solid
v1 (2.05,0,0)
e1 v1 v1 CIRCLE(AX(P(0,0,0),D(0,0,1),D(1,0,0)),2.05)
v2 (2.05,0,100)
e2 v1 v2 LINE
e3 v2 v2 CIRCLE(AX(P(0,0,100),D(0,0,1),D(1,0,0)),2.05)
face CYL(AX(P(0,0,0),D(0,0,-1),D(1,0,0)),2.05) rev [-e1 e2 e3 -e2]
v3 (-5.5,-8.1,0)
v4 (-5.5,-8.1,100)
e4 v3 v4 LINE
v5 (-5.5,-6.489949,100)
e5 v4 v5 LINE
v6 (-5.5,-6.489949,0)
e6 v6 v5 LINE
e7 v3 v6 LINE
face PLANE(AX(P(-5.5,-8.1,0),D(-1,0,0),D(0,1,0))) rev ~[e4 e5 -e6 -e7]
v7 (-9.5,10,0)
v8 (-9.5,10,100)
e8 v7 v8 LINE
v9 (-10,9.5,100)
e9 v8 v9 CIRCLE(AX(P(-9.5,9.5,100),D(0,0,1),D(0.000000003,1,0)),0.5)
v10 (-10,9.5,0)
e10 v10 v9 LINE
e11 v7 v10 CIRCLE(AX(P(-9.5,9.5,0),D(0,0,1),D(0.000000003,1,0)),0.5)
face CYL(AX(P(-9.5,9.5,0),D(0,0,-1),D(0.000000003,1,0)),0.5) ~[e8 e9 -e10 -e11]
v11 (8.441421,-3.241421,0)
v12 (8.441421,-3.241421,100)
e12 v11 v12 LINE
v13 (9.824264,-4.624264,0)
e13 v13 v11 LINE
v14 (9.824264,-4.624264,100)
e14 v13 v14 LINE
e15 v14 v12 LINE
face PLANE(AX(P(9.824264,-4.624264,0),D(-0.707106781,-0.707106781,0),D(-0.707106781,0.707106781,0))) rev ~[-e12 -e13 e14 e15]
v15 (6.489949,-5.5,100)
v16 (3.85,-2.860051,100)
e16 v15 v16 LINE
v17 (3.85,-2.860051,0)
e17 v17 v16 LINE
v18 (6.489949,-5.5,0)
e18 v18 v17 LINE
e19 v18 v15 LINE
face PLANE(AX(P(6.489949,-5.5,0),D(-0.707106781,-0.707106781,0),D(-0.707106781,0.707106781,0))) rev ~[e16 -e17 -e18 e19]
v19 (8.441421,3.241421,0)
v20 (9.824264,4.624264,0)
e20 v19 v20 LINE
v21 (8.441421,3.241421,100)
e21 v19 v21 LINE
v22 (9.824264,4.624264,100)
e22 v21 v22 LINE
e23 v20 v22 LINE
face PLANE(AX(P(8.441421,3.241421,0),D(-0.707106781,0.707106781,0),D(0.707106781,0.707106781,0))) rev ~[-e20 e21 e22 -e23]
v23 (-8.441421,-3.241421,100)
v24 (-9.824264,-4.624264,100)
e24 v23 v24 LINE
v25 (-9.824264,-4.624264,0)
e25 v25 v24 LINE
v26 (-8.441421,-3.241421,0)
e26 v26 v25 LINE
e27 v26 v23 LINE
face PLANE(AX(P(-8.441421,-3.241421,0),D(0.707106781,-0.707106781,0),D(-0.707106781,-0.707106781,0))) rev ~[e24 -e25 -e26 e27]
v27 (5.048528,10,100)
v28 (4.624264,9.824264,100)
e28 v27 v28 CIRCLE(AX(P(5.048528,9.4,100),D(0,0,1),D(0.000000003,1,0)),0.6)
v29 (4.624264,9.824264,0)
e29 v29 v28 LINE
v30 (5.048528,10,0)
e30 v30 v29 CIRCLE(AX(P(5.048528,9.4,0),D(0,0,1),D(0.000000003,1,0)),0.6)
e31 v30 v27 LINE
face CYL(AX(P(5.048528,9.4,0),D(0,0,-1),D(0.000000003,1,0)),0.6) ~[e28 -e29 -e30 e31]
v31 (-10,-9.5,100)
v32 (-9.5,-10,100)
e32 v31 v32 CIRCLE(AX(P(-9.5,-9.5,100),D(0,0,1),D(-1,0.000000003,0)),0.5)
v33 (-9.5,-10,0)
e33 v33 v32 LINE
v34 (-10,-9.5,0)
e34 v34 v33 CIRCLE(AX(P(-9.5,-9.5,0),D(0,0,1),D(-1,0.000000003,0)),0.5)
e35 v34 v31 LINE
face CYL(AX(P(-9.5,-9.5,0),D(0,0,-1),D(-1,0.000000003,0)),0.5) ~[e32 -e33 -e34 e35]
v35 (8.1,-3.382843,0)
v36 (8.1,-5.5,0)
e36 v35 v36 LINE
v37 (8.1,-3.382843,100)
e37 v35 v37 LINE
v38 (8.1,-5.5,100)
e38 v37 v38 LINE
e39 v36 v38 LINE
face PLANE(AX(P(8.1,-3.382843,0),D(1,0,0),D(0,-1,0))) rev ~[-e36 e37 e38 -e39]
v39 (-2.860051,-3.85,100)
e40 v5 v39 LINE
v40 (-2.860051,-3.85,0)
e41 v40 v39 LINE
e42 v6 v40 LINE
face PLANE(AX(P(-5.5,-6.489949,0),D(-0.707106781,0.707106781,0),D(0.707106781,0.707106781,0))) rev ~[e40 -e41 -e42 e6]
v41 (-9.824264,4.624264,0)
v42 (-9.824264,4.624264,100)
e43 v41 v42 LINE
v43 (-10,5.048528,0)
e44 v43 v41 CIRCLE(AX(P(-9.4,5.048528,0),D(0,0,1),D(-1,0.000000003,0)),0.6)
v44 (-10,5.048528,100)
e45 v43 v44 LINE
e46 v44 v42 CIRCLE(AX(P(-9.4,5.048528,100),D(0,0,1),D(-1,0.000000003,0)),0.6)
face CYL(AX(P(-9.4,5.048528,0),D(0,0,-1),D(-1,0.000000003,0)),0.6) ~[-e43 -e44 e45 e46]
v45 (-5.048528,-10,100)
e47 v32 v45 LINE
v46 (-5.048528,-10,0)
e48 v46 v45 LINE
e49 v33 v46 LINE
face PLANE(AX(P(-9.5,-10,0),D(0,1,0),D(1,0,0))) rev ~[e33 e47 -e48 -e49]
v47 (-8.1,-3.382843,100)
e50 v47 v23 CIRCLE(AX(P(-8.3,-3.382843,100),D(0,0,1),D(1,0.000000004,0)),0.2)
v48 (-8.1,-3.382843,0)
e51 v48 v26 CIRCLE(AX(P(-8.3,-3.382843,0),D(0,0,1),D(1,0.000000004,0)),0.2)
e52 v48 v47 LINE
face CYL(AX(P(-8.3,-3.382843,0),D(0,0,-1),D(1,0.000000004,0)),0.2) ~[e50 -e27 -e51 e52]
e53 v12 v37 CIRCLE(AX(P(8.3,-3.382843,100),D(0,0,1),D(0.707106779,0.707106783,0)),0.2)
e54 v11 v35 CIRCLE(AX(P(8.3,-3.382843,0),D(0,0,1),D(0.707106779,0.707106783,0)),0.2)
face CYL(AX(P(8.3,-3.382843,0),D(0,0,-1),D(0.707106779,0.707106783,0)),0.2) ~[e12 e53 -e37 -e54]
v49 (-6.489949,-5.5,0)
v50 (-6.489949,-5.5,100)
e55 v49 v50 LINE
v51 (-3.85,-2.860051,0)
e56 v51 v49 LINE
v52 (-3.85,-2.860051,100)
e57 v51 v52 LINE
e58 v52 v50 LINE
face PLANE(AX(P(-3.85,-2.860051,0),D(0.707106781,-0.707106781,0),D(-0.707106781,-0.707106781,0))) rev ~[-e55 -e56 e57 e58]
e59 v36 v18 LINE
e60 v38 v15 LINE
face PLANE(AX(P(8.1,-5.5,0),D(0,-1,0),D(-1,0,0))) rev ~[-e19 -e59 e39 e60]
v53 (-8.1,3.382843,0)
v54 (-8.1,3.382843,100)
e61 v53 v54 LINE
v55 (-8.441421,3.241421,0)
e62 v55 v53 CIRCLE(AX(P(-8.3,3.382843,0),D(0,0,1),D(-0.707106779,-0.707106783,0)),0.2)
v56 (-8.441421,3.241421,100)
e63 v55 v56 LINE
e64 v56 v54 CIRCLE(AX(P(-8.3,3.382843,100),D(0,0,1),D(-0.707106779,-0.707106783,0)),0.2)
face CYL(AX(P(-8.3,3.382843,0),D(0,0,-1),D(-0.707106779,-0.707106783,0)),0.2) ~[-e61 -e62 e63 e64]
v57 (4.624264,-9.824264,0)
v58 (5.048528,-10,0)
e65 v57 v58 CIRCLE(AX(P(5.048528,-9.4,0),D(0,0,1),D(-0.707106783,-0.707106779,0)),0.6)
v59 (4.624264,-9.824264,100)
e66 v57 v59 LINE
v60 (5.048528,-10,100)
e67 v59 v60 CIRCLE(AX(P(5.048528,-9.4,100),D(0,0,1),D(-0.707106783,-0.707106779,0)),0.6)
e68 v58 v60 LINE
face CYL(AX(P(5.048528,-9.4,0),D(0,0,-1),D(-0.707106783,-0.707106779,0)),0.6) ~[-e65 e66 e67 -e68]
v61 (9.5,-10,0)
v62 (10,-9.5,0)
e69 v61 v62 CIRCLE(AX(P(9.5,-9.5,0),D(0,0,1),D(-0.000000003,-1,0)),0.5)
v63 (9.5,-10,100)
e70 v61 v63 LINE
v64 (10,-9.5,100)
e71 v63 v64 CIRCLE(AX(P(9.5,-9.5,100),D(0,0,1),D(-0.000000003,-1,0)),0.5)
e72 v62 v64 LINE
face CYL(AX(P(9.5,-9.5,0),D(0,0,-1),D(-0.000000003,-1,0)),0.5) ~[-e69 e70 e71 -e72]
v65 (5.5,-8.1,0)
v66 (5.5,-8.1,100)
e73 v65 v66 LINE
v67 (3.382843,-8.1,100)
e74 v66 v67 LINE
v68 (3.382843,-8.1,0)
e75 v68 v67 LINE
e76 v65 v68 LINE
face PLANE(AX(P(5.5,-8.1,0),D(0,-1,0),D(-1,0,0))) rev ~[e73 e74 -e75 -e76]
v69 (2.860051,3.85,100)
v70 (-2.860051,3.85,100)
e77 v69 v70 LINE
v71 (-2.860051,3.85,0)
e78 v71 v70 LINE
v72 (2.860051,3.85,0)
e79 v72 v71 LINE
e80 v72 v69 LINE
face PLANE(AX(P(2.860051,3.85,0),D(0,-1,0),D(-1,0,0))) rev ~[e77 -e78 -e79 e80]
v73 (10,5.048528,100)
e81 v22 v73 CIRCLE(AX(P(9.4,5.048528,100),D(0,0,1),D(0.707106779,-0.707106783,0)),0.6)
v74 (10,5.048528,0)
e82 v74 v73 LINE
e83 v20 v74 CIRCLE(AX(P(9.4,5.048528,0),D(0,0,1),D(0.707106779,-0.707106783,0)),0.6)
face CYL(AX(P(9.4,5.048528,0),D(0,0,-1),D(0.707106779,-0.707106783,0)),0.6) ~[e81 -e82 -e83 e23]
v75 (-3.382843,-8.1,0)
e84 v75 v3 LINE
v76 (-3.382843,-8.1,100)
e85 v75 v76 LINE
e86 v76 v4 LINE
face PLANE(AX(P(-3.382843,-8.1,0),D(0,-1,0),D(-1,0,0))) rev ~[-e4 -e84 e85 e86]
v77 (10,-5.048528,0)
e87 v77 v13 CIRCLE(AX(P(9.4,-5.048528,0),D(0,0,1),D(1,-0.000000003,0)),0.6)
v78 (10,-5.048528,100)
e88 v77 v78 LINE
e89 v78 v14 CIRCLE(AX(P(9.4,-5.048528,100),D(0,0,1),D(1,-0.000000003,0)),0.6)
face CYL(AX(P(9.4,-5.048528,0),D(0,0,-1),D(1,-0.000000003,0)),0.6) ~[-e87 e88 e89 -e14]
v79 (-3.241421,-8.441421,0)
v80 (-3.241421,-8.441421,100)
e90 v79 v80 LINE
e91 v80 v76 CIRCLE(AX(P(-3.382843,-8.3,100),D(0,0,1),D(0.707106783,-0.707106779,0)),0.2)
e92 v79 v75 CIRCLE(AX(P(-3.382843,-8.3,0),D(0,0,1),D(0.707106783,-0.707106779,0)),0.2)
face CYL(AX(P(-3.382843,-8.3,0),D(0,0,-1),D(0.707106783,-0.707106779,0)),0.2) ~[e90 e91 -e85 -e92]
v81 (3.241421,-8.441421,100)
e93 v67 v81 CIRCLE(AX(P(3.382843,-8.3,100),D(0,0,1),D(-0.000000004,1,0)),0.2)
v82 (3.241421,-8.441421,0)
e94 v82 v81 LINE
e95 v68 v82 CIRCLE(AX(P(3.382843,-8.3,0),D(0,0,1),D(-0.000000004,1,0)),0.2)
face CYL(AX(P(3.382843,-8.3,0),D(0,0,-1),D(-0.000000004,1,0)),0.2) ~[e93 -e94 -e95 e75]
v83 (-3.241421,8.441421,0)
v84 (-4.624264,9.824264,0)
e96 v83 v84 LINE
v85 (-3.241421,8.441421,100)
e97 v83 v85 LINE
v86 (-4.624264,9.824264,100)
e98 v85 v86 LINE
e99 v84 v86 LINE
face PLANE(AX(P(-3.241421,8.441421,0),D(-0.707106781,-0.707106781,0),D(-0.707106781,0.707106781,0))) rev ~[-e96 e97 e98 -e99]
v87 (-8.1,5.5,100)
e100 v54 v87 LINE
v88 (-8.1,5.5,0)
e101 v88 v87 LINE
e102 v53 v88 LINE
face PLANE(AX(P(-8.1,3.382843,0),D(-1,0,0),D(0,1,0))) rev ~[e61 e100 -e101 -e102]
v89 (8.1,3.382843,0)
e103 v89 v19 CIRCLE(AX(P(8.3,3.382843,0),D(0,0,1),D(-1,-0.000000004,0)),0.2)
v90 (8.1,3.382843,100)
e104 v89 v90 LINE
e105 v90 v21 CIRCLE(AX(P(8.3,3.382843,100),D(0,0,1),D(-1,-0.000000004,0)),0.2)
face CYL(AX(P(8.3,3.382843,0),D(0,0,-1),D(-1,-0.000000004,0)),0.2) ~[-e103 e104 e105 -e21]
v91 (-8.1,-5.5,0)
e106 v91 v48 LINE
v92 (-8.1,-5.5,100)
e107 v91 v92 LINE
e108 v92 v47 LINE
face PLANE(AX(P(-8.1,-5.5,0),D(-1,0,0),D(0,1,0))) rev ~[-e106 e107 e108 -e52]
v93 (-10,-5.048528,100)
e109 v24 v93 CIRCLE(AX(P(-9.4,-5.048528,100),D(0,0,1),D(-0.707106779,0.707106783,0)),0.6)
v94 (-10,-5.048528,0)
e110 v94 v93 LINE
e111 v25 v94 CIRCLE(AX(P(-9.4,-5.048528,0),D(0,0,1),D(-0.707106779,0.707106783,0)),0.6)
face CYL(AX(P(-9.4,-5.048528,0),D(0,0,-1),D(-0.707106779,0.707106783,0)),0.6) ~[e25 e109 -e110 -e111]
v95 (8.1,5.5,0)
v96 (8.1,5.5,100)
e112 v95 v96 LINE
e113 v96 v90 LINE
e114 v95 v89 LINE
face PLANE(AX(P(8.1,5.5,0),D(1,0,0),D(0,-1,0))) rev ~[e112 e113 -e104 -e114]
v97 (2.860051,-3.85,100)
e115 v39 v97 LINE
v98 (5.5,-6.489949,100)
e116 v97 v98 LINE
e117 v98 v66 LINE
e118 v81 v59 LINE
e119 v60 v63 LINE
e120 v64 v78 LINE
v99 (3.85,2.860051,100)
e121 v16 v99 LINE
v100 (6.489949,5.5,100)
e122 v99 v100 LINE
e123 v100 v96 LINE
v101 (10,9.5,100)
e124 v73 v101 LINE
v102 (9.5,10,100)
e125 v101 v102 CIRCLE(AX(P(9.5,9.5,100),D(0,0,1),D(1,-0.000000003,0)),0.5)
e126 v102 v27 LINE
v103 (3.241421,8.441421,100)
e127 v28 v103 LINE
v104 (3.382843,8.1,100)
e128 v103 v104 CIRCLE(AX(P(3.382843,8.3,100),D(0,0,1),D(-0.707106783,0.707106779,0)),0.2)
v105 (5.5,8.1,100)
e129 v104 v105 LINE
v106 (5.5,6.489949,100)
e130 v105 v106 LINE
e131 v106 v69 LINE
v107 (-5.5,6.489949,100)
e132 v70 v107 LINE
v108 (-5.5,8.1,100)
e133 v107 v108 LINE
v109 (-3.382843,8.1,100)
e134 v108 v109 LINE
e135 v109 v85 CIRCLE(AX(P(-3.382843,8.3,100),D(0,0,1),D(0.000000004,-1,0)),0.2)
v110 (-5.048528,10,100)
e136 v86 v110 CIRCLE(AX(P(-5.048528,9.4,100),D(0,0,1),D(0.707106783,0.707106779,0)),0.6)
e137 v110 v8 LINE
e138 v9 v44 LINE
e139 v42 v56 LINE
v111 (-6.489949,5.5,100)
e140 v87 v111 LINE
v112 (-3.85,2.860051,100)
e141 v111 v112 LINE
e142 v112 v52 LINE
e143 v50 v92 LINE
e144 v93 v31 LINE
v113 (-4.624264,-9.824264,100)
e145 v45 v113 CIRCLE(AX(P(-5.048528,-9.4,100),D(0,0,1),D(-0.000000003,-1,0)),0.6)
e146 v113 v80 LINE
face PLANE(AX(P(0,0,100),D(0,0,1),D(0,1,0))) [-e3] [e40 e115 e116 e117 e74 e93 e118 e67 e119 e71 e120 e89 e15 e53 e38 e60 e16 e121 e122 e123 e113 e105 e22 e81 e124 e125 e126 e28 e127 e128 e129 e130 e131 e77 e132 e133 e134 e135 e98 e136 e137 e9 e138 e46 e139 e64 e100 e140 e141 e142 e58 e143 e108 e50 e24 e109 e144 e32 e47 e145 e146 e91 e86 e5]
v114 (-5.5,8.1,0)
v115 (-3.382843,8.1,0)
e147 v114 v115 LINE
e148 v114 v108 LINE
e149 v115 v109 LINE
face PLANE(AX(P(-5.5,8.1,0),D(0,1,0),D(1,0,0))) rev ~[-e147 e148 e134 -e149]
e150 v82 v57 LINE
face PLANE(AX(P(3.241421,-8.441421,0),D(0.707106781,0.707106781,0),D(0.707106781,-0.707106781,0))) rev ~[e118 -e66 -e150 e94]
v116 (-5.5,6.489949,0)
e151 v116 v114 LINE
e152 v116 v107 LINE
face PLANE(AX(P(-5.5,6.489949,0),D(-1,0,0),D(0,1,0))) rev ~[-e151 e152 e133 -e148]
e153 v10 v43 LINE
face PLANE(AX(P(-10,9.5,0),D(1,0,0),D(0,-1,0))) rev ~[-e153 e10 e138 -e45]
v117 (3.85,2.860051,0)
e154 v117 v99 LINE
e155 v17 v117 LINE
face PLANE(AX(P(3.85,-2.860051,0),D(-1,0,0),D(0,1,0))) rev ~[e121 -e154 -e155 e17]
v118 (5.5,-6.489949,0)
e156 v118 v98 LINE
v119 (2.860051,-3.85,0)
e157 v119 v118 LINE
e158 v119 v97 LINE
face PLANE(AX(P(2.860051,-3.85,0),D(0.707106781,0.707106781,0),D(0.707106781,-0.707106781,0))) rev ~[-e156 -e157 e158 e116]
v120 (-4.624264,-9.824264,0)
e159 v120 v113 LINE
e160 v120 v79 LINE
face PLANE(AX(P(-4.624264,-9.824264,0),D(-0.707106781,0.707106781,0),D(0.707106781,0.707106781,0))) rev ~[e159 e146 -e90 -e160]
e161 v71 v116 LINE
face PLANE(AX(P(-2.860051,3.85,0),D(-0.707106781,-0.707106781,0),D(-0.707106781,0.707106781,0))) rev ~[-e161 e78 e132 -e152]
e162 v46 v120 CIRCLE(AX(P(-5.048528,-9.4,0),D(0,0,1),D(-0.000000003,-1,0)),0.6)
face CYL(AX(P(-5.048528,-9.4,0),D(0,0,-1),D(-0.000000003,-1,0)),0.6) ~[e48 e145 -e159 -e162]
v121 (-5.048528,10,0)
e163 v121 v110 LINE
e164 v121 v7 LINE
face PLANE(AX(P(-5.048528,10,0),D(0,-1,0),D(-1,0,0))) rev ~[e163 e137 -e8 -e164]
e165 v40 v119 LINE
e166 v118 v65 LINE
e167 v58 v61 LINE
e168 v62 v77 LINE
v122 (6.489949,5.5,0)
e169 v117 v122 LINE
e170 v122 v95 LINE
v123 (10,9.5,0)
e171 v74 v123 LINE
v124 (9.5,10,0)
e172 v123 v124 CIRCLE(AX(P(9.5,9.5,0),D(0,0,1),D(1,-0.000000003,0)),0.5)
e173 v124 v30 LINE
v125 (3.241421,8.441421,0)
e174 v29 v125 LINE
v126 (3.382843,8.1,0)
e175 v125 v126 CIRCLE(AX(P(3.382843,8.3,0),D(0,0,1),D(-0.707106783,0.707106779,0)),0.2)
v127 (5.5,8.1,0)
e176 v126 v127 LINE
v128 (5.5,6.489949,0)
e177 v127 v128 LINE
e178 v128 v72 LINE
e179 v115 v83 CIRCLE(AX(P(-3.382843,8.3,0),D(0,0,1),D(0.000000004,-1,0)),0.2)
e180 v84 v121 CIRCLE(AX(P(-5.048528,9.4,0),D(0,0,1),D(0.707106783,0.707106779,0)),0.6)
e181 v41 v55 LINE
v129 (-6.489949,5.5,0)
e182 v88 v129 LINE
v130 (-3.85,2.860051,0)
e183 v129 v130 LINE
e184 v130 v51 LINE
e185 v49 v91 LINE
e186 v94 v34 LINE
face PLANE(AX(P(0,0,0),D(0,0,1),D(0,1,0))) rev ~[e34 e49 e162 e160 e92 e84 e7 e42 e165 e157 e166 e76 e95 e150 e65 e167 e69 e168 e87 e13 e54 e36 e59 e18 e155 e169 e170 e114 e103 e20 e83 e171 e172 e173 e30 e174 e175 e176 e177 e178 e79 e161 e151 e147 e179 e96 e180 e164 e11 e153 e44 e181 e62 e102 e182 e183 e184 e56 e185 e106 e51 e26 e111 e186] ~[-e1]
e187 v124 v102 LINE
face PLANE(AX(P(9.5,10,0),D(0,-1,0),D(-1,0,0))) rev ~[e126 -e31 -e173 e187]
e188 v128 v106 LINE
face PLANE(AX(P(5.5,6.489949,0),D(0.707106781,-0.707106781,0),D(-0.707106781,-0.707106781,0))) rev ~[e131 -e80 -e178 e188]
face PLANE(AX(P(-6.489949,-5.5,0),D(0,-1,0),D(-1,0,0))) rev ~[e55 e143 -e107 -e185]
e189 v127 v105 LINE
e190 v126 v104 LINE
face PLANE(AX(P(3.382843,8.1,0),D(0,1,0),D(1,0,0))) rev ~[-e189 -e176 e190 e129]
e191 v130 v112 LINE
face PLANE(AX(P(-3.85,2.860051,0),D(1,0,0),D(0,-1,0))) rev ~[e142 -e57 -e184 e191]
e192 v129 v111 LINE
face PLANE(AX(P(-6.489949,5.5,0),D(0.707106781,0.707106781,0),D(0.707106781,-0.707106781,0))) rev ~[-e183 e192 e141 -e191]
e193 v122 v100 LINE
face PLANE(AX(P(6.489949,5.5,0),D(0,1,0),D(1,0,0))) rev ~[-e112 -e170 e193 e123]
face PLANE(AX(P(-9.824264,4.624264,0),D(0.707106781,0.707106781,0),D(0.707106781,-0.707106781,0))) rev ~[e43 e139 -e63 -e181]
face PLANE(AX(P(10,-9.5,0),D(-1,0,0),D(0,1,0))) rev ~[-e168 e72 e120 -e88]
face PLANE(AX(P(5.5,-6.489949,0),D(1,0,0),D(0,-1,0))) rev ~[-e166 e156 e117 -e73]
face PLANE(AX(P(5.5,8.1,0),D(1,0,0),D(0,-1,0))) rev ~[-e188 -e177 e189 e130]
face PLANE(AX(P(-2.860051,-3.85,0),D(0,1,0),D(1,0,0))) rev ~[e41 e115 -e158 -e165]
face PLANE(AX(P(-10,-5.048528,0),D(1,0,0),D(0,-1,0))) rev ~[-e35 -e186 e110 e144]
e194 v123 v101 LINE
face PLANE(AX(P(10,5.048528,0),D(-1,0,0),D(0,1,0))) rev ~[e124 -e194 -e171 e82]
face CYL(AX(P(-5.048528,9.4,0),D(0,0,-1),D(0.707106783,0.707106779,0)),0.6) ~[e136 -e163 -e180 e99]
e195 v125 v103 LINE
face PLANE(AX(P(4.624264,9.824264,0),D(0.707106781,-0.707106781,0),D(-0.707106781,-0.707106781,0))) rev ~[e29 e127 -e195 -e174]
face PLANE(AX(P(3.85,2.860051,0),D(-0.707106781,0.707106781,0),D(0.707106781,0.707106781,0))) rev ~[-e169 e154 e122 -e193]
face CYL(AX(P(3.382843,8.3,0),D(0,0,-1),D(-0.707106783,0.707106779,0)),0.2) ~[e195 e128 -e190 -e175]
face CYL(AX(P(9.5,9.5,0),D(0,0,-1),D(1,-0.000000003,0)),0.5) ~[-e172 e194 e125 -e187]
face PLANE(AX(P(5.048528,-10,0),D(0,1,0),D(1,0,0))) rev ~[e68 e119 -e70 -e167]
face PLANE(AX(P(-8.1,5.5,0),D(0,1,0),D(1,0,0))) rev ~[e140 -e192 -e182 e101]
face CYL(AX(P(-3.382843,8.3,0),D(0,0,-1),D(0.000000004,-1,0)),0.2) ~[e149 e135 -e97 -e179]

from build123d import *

# Parameters (mm, degrees)
SKETCH1_R           = 2.05
BOSS_EXTRUDE1_DEPTH = 100


with BuildPart() as part:
    # Sketch1 → Boss-Extrude1 (new body)
    with BuildSketch(Plane(origin=(0, 0, 0), x_dir=(0, 1, 0), z_dir=(0, 0, 1))):
        with BuildLine():
            Line((-2.860050506, -3.85), (2.860050506, -3.85))
            Line((2.860050506, -3.85), (5.5, -6.489949494))
            Line((5.5, -6.489949494), (5.5, -8.1))
            Line((5.5, -8.1), (3.382842712, -8.1))
            ThreePointArc((3.382842712, -8.1), (3.198066806, -8.223463314), (3.241421356, -8.441421356))
            Line((3.241421356, -8.441421356), (4.624264069, -9.824264069))
            ThreePointArc((4.624264069, -9.824264069), (4.818918078, -9.95432772), (5.048528137, -10))
            Line((5.048528137, -10), (9.5, -10))
            ThreePointArc((9.5, -10), (9.853553391, -9.853553391), (10, -9.5))
            Line((10, -9.5), (10, -5.048528137))
            ThreePointArc((10, -5.048528137), (9.95432772, -4.818918078), (9.824264069, -4.624264069))
            Line((9.824264069, -4.624264069), (8.441421356, -3.241421356))
            ThreePointArc((8.441421356, -3.241421356), (8.223463314, -3.198066806), (8.1, -3.382842712))
            Line((8.1, -3.382842712), (8.1, -5.5))
            Line((8.1, -5.5), (6.489949494, -5.5))
            Line((6.489949494, -5.5), (3.85, -2.860050506))
            Line((3.85, -2.860050506), (3.85, 2.860050506))
            Line((3.85, 2.860050506), (6.489949494, 5.5))
            Line((6.489949494, 5.5), (8.1, 5.5))
            Line((8.1, 5.5), (8.1, 3.382842712))
            ThreePointArc((8.1, 3.382842712), (8.223463314, 3.198066806), (8.441421356, 3.241421356))
            Line((8.441421356, 3.241421356), (9.824264069, 4.624264069))
            ThreePointArc((9.824264069, 4.624264069), (9.95432772, 4.818918078), (10, 5.048528137))
            Line((10, 5.048528137), (10, 9.5))
            ThreePointArc((10, 9.5), (9.853553391, 9.853553391), (9.5, 10))
            Line((9.5, 10), (5.048528137, 10))
            ThreePointArc((5.048528137, 10), (4.818918078, 9.95432772), (4.624264069, 9.824264069))
            Line((4.624264069, 9.824264069), (3.241421356, 8.441421356))
            ThreePointArc((3.241421356, 8.441421356), (3.198066806, 8.223463314), (3.382842712, 8.1))
            Line((3.382842712, 8.1), (5.5, 8.1))
            Line((5.5, 8.1), (5.5, 6.489949494))
            Line((5.5, 6.489949494), (2.860050506, 3.85))
            Line((2.860050506, 3.85), (-2.860050506, 3.85))
            Line((-2.860050506, 3.85), (-5.5, 6.489949494))
            Line((-5.5, 6.489949494), (-5.5, 8.1))
            Line((-5.5, 8.1), (-3.382842712, 8.1))
            ThreePointArc((-3.382842712, 8.1), (-3.198066806, 8.223463314), (-3.241421356, 8.441421356))
            Line((-3.241421356, 8.441421356), (-4.624264069, 9.824264069))
            ThreePointArc((-4.624264069, 9.824264069), (-4.818918078, 9.95432772), (-5.048528137, 10))
            Line((-5.048528137, 10), (-9.5, 10))
            ThreePointArc((-9.5, 10), (-9.853553391, 9.853553391), (-10, 9.5))
            Line((-10, 9.5), (-10, 5.048528137))
            ThreePointArc((-10, 5.048528137), (-9.95432772, 4.818918078), (-9.824264069, 4.624264069))
            Line((-9.824264069, 4.624264069), (-8.441421356, 3.241421356))
            ThreePointArc((-8.441421356, 3.241421356), (-8.223463314, 3.198066806), (-8.1, 3.382842712))
            Line((-8.1, 3.382842712), (-8.1, 5.5))
            Line((-8.1, 5.5), (-6.489949494, 5.5))
            Line((-6.489949494, 5.5), (-3.85, 2.860050506))
            Line((-3.85, 2.860050506), (-3.85, -2.860050506))
            Line((-3.85, -2.860050506), (-6.489949494, -5.5))
            Line((-6.489949494, -5.5), (-8.1, -5.5))
            Line((-8.1, -5.5), (-8.1, -3.382842712))
            ThreePointArc((-8.1, -3.382842712), (-8.223463314, -3.198066806), (-8.441421356, -3.241421356))
            Line((-8.441421356, -3.241421356), (-9.824264069, -4.624264069))
            ThreePointArc((-9.824264069, -4.624264069), (-9.95432772, -4.818918078), (-10, -5.048528137))
            Line((-10, -5.048528137), (-10, -9.5))
            ThreePointArc((-10, -9.5), (-9.853553391, -9.853553391), (-9.5, -10))
            Line((-9.5, -10), (-5.048528137, -10))
            ThreePointArc((-5.048528137, -10), (-4.818918078, -9.95432772), (-4.624264069, -9.824264069))
            Line((-4.624264069, -9.824264069), (-3.241421356, -8.441421356))
            ThreePointArc((-3.241421356, -8.441421356), (-3.198066806, -8.223463314), (-3.382842712, -8.1))
            Line((-3.382842712, -8.1), (-5.5, -8.1))
            Line((-5.5, -8.1), (-5.5, -6.489949494))
            Line((-5.5, -6.489949494), (-2.860050506, -3.85))
        make_face()
        with Locations(Location((0, 0, 0), (0, 0, 270))):
            Circle(SKETCH1_R, mode=Mode.SUBTRACT)
    extrude(amount=BOSS_EXTRUDE1_DEPTH)


solid = part.part
